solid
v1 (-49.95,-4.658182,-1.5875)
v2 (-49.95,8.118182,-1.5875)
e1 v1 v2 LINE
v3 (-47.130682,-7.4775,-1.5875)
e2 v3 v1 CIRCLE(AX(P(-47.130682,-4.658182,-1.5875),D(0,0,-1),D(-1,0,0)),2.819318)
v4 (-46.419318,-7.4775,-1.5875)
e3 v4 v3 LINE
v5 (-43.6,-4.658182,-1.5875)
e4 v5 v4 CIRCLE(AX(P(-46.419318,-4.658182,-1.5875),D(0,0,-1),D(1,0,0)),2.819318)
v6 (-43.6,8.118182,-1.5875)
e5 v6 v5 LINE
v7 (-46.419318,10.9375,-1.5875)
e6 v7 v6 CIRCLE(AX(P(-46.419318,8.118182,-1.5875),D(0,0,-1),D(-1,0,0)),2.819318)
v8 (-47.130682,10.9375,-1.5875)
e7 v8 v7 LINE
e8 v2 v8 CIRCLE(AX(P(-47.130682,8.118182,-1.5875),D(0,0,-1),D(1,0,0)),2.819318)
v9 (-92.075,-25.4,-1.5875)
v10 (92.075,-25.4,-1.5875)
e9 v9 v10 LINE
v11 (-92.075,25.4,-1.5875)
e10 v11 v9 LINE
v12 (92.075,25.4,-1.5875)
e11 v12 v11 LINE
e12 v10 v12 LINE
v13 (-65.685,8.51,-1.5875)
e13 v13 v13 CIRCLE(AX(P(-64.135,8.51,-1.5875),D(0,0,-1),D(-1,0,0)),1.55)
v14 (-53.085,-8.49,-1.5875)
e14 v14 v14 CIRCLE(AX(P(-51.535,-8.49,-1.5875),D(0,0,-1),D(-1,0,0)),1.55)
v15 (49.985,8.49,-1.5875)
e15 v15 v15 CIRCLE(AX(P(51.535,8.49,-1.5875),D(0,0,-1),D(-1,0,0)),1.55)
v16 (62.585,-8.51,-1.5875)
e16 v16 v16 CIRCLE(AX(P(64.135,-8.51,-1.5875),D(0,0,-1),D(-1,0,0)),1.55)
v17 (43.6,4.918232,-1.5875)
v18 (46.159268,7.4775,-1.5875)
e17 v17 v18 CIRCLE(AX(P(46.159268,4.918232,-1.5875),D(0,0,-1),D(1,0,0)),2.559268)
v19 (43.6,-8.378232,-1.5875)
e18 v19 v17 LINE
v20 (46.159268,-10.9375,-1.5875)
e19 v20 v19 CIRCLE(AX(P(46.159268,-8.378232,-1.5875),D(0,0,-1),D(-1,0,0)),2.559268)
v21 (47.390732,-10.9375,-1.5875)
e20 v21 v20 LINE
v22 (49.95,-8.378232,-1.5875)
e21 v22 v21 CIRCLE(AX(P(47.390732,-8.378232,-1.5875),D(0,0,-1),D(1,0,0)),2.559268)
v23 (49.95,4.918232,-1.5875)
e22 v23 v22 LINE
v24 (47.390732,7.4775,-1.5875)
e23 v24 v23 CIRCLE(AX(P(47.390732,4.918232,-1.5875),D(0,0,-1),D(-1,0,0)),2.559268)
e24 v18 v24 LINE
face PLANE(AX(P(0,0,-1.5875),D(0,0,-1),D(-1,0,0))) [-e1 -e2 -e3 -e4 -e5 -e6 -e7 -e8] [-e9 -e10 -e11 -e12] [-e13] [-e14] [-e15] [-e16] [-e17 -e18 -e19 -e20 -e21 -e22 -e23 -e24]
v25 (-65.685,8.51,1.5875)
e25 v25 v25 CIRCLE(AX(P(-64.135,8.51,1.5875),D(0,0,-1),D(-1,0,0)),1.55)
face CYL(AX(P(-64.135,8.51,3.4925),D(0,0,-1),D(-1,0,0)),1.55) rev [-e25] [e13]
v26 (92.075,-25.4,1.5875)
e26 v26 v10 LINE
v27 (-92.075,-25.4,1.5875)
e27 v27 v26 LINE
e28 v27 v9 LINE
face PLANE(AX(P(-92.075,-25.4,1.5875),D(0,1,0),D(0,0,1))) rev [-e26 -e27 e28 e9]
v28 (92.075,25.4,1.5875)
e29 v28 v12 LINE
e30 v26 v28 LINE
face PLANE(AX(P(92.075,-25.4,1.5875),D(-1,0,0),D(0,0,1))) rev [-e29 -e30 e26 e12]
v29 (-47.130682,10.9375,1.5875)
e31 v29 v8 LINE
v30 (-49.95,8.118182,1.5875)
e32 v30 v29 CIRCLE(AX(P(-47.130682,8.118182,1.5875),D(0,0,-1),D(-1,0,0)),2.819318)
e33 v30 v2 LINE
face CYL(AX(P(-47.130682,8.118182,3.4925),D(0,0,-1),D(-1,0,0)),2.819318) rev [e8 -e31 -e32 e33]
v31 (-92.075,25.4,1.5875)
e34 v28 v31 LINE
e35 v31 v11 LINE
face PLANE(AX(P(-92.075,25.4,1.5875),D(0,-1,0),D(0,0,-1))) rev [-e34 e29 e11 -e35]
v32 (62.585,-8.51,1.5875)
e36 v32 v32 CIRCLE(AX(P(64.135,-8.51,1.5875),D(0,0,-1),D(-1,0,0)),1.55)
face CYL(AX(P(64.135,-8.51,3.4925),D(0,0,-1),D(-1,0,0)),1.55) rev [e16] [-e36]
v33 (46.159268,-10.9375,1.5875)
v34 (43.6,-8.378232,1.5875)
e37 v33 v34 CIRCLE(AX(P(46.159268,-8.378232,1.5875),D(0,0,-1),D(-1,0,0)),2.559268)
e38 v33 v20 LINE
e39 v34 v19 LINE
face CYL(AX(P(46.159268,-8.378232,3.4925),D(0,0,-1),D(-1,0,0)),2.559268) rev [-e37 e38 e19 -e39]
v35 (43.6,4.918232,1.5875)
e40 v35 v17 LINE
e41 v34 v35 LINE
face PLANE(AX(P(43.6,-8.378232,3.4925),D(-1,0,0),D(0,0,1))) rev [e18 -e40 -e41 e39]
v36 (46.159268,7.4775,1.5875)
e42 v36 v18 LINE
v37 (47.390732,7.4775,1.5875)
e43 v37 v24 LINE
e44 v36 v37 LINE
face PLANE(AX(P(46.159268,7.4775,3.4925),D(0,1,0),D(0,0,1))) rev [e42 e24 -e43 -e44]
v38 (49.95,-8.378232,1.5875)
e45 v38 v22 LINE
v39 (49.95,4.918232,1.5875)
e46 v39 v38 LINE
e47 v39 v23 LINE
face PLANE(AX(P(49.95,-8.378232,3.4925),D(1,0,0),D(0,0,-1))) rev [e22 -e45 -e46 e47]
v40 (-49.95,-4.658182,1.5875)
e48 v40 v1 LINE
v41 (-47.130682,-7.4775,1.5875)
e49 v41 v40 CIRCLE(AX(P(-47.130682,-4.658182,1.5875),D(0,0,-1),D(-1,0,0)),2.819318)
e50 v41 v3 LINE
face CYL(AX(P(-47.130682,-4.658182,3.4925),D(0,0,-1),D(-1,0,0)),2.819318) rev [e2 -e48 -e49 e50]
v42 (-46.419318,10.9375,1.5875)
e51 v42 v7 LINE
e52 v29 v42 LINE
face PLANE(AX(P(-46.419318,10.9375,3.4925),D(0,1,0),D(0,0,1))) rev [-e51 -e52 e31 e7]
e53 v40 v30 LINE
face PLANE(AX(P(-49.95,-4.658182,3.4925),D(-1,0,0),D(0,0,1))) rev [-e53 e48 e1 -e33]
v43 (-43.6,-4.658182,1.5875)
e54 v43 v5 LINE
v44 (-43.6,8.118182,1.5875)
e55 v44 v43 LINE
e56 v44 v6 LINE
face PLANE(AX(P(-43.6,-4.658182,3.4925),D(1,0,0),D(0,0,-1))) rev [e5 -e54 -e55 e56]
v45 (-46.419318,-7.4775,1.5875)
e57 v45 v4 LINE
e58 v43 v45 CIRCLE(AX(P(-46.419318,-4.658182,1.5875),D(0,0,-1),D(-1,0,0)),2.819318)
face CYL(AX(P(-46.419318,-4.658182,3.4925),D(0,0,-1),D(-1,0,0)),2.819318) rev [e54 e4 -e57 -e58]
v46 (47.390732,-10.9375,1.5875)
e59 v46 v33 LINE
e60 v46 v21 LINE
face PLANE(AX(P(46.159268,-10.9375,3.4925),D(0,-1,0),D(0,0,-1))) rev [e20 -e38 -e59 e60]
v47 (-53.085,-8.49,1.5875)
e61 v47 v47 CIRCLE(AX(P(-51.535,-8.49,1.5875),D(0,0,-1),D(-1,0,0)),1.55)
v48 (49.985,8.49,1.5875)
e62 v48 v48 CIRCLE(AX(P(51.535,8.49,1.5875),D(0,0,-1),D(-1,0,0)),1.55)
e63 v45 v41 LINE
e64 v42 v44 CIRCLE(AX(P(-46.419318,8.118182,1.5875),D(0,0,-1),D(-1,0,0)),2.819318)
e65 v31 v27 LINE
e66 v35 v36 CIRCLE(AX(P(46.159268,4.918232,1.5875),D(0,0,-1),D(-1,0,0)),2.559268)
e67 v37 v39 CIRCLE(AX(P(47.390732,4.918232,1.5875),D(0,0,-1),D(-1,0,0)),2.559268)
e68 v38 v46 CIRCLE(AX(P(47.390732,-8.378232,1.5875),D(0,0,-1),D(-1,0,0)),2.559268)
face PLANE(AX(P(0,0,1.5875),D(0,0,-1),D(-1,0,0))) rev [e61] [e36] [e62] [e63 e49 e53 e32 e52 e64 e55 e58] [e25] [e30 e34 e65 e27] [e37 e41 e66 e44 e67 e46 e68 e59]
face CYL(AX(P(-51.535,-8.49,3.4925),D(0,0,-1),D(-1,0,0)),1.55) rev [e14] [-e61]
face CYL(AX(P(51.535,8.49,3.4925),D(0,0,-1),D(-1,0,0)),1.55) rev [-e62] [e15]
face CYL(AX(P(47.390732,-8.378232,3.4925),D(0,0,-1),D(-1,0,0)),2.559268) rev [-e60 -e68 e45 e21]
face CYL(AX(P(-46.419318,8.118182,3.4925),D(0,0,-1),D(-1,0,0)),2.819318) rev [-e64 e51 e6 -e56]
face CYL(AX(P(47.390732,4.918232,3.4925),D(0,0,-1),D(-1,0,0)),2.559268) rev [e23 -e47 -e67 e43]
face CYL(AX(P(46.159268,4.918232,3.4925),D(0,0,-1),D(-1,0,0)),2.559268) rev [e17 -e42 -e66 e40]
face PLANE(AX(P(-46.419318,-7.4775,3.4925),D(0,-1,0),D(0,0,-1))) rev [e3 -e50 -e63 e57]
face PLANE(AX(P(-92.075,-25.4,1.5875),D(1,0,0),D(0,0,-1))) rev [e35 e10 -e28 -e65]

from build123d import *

# Parameters (mm, degrees)
SKETCH2_W           = 184.15
SKETCH2_H           = 50.8
BOSS_EXTRUDE1_DEPTH = 1.5875
SKETCH3_R           = 1.55
CUT_EXTRUDE1_DEPTH  = 5.08


with BuildPart() as part:
    # Sketch2 → Boss-Extrude1 (new body, symmetric)
    with BuildSketch(Plane.XY):
        Rectangle(SKETCH2_W, SKETCH2_H)
    extrude(amount=BOSS_EXTRUDE1_DEPTH, both=True)

    # Sketch3 → Cut-Extrude1 (cut)
    with BuildSketch(Plane(origin=(0, 0, -1.5875), x_dir=(-1, 0, 0), z_dir=(0, 0, -1))):
        with Locations((-51.535, 8.49)):
            Circle(SKETCH3_R)
        with Locations((-64.135, -8.51)):
            Circle(SKETCH3_R)
        with Locations((64.135, 8.51)):
            Circle(SKETCH3_R)
        with Locations((51.535, -8.49)):
            Circle(SKETCH3_R)
        with BuildLine():
            Line((-46.159267508, -10.9375), (-47.390732492, -10.9375))
            ThreePointArc((-47.390732492, -10.9375), (-49.200407902, -10.187907902), (-49.95, -8.378232492))
            Line((-49.95, -8.378232492), (-49.95, 4.918232492))
            ThreePointArc((-49.95, 4.918232492), (-49.200407902, 6.727907902), (-47.390732492, 7.4775))
            Line((-47.390732492, 7.4775), (-46.159267508, 7.4775))
            ThreePointArc((-46.159267508, 7.4775), (-44.349592098, 6.727907902), (-43.6, 4.918232492))
            Line((-43.6, 4.918232492), (-43.6, -8.378232492))
            ThreePointArc((-43.6, -8.378232492), (-44.349592098, -10.187907902), (-46.159267508, -10.9375))
        make_face()
        with BuildLine():
            Line((46.419318463, -7.4775), (47.130681537, -7.4775))
            ThreePointArc((47.130681537, -7.4775), (49.124240741, -6.651740741), (49.95, -4.658181537))
            Line((49.95, -4.658181537), (49.95, 8.118181537))
            ThreePointArc((49.95, 8.118181537), (49.124240741, 10.111740741), (47.130681537, 10.9375))
            Line((47.130681537, 10.9375), (46.419318463, 10.9375))
            ThreePointArc((46.419318463, 10.9375), (44.425759259, 10.111740741), (43.6, 8.118181537))
            Line((43.6, 8.118181537), (43.6, -4.658181537))
            ThreePointArc((43.6, -4.658181537), (44.425759259, -6.651740741), (46.419318463, -7.4775))
        make_face()
    extrude(amount=-CUT_EXTRUDE1_DEPTH, mode=Mode.SUBTRACT)


solid = part.part
